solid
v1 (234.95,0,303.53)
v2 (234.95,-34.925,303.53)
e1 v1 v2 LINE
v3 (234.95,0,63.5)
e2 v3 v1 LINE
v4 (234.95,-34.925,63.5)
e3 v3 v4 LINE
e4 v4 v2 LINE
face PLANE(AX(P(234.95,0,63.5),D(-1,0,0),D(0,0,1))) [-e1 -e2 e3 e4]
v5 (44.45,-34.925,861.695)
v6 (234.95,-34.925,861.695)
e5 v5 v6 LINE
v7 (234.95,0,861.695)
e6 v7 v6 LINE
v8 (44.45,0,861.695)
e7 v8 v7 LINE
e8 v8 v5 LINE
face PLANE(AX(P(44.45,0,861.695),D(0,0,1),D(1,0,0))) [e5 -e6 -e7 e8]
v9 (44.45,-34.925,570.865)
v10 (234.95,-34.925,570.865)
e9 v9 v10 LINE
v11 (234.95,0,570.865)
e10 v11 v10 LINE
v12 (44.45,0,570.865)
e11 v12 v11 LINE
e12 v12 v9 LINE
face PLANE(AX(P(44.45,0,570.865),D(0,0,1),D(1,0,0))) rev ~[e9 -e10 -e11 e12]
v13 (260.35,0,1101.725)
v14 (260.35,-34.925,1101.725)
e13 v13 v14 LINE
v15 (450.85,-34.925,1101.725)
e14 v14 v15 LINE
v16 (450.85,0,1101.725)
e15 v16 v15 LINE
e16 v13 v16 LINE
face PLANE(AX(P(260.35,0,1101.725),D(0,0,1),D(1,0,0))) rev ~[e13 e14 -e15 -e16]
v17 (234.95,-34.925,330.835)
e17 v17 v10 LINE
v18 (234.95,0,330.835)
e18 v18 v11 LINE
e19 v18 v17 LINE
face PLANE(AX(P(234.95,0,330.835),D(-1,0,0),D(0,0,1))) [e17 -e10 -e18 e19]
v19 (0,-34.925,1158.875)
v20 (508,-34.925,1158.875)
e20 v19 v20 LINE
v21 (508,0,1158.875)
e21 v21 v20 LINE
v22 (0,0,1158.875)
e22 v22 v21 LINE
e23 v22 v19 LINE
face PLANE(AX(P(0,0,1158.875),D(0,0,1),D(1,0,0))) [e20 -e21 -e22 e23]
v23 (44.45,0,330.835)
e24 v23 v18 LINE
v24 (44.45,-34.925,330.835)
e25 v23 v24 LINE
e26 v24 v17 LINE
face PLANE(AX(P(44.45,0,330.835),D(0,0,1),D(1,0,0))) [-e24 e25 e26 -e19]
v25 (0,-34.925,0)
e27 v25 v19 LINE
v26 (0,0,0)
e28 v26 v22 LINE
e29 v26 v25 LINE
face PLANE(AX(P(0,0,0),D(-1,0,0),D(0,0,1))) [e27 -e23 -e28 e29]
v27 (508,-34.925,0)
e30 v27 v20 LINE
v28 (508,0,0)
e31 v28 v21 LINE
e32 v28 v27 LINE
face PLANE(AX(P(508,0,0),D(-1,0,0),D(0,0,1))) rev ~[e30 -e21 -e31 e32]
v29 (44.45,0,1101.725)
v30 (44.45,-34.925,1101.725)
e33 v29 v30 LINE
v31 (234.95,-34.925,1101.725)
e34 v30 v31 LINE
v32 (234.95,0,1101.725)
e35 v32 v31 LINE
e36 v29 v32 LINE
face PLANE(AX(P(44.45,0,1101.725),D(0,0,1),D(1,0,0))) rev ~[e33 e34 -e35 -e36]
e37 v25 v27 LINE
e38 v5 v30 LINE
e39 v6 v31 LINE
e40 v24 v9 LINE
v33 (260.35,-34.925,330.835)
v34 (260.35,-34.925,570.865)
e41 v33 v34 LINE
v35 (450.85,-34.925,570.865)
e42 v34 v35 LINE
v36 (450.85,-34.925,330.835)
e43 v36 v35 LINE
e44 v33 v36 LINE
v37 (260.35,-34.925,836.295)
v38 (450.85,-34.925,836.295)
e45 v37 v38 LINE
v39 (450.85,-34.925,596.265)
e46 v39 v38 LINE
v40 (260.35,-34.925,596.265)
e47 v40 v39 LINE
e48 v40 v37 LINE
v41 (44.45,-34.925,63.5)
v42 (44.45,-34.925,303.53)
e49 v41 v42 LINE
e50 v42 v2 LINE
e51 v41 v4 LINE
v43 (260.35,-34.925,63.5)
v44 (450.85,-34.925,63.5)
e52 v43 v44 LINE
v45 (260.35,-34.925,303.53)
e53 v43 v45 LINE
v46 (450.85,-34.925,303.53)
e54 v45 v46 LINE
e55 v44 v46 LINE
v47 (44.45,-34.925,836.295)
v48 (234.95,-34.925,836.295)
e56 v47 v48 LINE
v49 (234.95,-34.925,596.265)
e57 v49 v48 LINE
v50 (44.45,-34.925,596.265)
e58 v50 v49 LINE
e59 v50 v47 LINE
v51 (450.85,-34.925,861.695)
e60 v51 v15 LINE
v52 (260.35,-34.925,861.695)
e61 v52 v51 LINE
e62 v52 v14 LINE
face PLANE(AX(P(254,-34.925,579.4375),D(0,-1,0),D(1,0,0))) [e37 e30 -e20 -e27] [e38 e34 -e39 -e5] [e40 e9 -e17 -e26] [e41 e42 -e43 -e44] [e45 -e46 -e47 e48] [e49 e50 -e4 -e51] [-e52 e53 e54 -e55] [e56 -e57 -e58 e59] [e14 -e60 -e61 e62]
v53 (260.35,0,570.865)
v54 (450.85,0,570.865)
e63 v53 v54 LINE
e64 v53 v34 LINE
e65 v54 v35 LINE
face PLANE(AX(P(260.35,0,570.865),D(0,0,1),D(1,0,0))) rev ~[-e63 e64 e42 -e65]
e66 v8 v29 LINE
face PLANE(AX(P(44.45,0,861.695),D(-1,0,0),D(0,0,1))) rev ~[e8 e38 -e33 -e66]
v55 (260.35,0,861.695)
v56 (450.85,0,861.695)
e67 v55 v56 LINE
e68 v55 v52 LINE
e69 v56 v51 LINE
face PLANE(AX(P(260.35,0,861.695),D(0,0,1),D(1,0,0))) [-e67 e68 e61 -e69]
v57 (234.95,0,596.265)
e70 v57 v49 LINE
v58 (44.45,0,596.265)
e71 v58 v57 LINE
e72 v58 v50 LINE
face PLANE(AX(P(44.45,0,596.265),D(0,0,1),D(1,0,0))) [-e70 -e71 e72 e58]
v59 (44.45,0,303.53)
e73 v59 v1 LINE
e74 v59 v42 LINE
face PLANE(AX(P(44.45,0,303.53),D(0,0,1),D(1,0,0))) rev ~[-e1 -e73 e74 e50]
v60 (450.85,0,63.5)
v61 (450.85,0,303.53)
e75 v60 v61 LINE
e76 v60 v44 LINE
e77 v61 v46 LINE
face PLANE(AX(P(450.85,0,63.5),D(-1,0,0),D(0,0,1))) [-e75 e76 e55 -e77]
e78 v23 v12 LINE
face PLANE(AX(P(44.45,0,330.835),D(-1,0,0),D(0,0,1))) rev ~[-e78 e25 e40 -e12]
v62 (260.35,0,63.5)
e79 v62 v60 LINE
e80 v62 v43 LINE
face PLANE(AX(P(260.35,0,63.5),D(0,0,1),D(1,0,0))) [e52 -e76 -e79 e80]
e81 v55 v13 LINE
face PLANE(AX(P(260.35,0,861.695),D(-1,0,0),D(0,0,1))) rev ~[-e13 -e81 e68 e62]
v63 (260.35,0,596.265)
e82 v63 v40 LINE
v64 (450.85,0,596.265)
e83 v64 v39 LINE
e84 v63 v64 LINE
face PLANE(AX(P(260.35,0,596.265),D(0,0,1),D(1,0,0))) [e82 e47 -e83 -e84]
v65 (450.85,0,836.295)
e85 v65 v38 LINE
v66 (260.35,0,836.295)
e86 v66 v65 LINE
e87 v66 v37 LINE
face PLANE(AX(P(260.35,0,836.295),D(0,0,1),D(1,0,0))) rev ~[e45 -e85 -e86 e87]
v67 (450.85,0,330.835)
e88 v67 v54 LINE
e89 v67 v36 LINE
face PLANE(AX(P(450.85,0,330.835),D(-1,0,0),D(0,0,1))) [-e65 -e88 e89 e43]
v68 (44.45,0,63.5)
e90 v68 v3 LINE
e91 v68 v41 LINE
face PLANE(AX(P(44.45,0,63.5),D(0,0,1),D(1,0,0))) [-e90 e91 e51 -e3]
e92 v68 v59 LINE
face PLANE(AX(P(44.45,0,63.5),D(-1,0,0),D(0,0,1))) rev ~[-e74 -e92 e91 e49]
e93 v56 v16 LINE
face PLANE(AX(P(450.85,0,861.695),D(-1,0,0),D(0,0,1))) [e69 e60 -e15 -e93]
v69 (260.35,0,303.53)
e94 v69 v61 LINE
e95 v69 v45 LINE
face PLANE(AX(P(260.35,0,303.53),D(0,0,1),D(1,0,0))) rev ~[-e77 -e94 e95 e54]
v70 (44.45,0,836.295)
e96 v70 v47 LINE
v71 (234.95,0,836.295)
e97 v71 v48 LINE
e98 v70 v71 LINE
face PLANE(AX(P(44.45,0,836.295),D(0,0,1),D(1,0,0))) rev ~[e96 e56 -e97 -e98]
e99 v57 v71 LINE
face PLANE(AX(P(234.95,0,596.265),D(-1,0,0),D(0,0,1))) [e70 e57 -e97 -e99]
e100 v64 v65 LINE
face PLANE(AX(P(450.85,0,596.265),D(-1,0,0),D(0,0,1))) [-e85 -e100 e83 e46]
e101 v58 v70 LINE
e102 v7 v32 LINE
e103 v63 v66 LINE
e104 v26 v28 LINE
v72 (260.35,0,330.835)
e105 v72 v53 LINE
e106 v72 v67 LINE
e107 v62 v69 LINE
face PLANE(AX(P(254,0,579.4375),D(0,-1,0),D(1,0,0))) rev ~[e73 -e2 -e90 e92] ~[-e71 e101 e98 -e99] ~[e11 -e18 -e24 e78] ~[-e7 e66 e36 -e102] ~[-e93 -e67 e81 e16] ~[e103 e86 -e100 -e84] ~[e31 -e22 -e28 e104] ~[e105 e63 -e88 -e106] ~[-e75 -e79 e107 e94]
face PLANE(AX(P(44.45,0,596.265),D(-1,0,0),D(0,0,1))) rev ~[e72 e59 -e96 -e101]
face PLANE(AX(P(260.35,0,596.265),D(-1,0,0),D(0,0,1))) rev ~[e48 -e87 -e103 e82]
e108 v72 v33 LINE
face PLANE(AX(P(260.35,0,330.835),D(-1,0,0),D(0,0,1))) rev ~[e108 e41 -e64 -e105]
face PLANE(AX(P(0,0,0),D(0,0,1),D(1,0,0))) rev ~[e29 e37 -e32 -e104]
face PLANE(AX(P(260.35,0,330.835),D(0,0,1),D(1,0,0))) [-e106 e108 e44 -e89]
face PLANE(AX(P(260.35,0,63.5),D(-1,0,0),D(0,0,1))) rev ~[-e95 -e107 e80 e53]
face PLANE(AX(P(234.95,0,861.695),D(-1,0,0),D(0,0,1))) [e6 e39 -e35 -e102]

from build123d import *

# Parameters (mm, degrees)
F0_W     = 508
F0_H     = 1158.875
F0_W_2   = 190.5
F0_H_2   = 240.03
F1_DEPTH = 34.925


with BuildPart() as f1:
    # F0 (on Front) → F1 (new body)
    with BuildSketch(Plane.XZ):
        with Locations((254, 579.4375)):
            Rectangle(F0_W, F0_H)
        with Locations((139.7, 183.515)):
            Rectangle(F0_W_2, F0_H_2, mode=Mode.SUBTRACT)
        with Locations((139.7, 450.85)):
            Rectangle(F0_W_2, F0_H_2, mode=Mode.SUBTRACT)
        with Locations((355.6, 183.515)):
            Rectangle(F0_W_2, F0_H_2, mode=Mode.SUBTRACT)
        with Locations((355.6, 450.85)):
            Rectangle(F0_W_2, F0_H_2, mode=Mode.SUBTRACT)
        with Locations((139.7, 716.28)):
            Rectangle(F0_W_2, F0_H_2, mode=Mode.SUBTRACT)
        with Locations((139.7, 981.71)):
            Rectangle(F0_W_2, F0_H_2, mode=Mode.SUBTRACT)
        with Locations((355.6, 716.28)):
            Rectangle(F0_W_2, F0_H_2, mode=Mode.SUBTRACT)
        with Locations((355.6, 981.71)):
            Rectangle(F0_W_2, F0_H_2, mode=Mode.SUBTRACT)
    extrude(amount=F1_DEPTH)


solid = f1.part
